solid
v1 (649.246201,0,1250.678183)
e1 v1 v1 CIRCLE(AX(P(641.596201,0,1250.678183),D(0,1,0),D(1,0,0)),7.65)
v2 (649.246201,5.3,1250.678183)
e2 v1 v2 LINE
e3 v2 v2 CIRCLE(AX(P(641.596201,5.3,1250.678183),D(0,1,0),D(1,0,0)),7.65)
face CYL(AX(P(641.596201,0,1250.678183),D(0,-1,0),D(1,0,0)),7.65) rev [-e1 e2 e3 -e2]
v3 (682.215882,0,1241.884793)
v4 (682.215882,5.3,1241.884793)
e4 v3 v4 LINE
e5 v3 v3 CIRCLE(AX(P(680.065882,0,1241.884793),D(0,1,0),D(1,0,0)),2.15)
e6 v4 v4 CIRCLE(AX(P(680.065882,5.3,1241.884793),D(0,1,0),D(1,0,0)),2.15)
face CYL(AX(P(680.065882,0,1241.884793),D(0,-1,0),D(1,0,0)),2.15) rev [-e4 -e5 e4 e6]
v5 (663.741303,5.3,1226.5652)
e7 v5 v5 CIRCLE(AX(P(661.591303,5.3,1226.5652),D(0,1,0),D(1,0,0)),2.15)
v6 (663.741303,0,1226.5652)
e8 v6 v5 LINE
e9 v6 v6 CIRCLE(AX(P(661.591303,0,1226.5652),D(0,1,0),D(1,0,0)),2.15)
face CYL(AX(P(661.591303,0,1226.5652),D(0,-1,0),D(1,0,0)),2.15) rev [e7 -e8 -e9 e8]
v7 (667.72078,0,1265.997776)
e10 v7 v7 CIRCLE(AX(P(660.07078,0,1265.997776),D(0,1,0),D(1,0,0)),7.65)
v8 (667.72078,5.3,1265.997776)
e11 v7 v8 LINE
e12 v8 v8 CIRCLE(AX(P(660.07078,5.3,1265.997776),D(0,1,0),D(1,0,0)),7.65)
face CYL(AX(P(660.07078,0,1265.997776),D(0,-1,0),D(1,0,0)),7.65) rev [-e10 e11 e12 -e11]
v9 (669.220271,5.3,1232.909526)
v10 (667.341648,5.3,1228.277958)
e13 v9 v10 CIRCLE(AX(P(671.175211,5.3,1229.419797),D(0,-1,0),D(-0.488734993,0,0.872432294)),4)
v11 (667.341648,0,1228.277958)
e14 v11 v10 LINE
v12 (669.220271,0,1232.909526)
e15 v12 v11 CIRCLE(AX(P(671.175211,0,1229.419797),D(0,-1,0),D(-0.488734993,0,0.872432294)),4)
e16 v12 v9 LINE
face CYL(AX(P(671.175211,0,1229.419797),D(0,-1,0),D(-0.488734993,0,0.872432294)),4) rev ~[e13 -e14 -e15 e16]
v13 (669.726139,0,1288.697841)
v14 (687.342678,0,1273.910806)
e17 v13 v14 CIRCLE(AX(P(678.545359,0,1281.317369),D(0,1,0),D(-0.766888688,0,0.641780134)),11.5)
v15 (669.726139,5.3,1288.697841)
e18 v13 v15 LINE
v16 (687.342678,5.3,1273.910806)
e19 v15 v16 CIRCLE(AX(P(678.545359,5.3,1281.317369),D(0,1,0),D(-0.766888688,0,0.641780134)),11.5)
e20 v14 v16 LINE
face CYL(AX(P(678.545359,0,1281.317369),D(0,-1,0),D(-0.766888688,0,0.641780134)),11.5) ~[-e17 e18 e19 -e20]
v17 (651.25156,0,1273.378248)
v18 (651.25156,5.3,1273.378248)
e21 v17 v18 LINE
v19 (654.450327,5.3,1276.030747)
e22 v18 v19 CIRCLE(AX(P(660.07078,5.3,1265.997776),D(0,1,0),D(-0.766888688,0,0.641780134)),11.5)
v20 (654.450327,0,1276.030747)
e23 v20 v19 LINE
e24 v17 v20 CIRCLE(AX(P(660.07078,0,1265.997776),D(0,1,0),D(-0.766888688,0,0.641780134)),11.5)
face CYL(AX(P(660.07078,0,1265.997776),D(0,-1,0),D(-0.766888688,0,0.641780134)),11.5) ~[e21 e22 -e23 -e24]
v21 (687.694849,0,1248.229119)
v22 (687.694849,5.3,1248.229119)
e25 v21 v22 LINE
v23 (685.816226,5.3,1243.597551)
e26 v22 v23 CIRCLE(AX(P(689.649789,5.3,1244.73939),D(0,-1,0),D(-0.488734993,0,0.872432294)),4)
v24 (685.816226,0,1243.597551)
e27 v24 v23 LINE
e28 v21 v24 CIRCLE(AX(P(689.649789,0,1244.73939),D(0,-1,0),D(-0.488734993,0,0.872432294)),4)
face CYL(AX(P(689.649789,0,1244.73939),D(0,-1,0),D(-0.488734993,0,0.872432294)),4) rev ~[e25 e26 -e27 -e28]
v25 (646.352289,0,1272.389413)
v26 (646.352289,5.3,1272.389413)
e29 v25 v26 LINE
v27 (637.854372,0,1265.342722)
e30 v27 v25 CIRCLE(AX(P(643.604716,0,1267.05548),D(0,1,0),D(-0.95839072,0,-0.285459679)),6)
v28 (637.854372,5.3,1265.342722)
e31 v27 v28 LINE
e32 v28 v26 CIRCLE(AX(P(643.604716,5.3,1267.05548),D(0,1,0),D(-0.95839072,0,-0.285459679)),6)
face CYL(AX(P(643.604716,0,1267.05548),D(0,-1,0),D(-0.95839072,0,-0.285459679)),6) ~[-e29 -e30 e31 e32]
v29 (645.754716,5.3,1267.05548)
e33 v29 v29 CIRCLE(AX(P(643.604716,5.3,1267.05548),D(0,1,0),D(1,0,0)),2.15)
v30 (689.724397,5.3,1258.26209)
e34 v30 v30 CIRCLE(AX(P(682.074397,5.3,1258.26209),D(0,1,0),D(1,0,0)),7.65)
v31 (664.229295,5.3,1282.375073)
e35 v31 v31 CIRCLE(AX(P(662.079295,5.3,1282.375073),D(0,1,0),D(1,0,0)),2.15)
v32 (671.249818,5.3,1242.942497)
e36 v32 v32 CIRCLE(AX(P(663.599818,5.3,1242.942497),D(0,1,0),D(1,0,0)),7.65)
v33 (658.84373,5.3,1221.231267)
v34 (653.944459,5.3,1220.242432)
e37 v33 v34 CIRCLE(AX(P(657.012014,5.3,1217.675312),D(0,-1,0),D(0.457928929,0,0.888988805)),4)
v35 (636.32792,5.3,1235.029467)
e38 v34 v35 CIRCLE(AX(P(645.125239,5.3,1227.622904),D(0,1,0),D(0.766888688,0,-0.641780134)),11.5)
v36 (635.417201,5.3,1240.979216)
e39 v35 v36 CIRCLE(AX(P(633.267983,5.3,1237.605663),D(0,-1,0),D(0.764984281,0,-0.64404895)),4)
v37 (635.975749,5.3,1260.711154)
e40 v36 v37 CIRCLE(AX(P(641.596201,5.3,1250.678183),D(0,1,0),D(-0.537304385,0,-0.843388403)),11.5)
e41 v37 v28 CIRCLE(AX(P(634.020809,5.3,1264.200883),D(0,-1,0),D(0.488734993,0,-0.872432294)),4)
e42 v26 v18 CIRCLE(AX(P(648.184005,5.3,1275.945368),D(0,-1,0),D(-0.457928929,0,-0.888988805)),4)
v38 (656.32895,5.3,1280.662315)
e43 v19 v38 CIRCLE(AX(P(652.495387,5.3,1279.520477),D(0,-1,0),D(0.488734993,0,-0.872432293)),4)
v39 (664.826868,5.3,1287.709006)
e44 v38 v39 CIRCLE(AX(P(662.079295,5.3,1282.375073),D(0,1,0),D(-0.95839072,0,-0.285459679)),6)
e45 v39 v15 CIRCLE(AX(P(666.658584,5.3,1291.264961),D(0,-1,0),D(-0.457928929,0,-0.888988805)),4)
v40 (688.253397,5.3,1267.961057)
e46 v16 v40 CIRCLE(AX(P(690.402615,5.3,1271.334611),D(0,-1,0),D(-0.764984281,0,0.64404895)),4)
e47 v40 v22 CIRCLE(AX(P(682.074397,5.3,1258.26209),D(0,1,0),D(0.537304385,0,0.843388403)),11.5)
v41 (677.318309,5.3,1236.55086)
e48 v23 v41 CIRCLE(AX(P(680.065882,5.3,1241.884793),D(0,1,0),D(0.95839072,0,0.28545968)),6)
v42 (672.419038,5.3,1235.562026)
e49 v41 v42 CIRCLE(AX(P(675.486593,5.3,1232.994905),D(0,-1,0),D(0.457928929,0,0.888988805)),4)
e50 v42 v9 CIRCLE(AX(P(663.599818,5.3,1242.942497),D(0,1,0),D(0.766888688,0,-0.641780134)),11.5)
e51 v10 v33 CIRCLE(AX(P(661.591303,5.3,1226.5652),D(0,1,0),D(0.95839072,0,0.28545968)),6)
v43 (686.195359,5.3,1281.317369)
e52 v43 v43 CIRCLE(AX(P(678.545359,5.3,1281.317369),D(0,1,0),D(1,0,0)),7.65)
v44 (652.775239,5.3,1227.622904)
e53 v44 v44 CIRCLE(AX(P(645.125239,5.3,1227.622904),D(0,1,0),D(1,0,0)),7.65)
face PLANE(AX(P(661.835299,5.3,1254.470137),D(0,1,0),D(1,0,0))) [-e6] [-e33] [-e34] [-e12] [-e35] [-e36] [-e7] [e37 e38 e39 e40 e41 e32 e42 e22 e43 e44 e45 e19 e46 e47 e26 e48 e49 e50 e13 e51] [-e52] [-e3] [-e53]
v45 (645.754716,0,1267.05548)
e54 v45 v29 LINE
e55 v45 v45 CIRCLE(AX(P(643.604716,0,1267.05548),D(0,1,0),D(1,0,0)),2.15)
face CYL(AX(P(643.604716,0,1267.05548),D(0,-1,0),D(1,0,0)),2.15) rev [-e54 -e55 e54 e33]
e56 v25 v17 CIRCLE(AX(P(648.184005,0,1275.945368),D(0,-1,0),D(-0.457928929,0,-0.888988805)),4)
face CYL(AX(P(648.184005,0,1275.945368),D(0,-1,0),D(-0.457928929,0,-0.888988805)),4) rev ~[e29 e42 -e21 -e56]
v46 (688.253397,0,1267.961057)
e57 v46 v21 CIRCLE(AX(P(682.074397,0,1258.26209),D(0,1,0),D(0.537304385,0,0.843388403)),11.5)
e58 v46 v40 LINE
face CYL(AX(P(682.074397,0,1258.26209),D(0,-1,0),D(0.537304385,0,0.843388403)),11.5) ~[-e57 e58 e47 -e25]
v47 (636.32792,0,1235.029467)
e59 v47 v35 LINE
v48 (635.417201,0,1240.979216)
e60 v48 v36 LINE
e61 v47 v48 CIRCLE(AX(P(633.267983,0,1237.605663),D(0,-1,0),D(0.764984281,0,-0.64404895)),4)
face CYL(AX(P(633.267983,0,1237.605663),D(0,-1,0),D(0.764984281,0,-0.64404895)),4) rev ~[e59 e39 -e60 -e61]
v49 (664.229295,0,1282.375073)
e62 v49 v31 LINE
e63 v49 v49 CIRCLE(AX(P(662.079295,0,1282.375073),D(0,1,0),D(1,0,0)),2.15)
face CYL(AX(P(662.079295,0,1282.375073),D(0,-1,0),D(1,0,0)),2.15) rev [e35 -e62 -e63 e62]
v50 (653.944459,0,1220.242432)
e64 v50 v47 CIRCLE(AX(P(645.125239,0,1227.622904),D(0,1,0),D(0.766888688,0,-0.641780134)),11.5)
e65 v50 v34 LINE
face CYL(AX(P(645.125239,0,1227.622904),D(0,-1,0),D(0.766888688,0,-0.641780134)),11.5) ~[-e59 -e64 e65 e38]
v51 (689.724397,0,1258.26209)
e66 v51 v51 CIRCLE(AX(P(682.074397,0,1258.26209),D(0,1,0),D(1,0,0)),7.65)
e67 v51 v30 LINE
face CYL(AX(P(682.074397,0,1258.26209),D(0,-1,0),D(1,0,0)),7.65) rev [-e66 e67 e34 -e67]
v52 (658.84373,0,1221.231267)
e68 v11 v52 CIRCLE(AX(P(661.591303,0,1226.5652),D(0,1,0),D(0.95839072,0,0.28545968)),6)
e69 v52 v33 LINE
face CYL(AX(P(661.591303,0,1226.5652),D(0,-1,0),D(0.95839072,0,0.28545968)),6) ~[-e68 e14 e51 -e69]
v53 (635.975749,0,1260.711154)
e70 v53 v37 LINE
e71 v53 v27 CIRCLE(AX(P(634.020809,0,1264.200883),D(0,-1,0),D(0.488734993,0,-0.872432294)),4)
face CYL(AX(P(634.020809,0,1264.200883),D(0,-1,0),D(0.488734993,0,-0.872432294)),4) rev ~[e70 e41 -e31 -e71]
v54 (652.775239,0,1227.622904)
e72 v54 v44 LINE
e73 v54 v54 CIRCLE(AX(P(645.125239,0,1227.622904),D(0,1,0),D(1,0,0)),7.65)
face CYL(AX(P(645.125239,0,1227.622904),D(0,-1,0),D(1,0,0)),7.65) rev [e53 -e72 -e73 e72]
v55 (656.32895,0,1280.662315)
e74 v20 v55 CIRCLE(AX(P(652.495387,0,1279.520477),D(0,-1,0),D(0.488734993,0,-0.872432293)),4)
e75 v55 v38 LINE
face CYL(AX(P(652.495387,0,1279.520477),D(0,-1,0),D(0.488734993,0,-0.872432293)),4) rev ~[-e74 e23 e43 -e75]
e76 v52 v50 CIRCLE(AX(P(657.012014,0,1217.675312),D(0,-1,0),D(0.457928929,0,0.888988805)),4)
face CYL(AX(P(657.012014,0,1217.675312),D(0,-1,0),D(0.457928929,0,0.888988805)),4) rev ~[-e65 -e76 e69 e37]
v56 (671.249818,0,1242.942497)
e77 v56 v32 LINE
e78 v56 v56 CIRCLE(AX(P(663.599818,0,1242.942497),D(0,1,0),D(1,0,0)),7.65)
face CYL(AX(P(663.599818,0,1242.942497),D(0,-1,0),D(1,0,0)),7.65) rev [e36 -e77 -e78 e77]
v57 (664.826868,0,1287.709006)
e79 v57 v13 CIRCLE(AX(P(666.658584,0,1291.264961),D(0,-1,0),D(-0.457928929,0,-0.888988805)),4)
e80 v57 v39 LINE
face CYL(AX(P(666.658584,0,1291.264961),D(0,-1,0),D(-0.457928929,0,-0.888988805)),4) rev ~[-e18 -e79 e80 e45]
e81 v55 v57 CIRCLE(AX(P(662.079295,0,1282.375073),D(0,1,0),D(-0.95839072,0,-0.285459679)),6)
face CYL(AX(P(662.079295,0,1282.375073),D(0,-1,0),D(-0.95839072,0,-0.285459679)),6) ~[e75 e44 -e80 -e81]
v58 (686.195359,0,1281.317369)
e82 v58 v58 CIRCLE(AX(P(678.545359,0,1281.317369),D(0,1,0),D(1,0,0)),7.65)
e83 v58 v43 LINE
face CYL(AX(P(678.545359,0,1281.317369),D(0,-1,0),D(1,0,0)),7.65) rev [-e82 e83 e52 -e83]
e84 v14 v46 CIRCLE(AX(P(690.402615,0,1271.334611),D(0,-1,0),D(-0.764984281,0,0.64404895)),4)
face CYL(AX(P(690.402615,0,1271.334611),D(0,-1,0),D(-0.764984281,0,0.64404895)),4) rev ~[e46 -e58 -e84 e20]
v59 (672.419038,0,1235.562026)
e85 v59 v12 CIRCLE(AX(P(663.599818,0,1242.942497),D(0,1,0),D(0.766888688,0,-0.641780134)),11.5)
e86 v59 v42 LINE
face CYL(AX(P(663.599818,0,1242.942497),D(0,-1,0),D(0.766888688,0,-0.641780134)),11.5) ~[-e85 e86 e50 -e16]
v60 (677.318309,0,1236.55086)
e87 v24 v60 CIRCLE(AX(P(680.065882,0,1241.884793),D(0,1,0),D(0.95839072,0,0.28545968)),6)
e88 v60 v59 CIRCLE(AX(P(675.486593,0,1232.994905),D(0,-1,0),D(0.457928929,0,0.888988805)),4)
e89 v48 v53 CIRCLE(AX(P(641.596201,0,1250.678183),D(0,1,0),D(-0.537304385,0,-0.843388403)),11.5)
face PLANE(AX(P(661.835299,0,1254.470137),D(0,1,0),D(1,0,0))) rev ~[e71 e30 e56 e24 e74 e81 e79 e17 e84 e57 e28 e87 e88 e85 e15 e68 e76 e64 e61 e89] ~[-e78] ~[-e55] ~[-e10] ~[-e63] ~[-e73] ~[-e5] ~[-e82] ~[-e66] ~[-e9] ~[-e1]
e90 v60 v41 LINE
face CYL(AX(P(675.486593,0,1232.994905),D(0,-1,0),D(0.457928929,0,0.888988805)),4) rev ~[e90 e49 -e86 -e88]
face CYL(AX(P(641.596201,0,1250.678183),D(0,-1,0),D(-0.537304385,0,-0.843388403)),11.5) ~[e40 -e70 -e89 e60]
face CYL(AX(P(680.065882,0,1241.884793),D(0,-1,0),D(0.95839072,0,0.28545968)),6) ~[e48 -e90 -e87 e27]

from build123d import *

# Parameters (mm, degrees)
SKETCH3_R           = 7.65
SKETCH3_R_2         = 2.15
BOSS_EXTRUDE1_DEPTH = 5.3


with BuildPart() as part:
    # Sketch3 → Boss-Extrude1 (new body)
    with BuildSketch(Plane(origin=(0, 0, 0), x_dir=(1, 0, 0), z_dir=(0, 1, 0))):
        with BuildLine():
            ThreePointArc((653.944459341, -1220.242432272), (637.731714088, -1218.814624577), (636.327920195, -1235.029466732))
            ThreePointArc((636.327920195, -1235.029466732), (637.221930793, -1238.210887622), (635.417200611, -1240.979216142))
            ThreePointArc((635.417200611, -1240.979216142), (630.100805603, -1251.003580625), (635.975748621, -1260.711154148))
            ThreePointArc((635.975748621, -1260.711154148), (637.727498088, -1262.697402891), (637.854371527, -1265.34272204))
            ThreePointArc((637.854371527, -1265.34272204), (639.774817514, -1271.674124807), (646.352289419, -1272.389412948))
            ThreePointArc((646.352289419, -1272.389412948), (648.975379282, -1272.024433719), (651.251559888, -1273.378247634))
            ThreePointArc((651.251559888, -1273.378247634), (652.730141334, -1274.850178419), (654.450327382, -1276.030747471))
            ThreePointArc((654.450327382, -1276.030747471), (656.202076849, -1278.016996214), (656.328950289, -1280.662315363))
            ThreePointArc((656.328950289, -1280.662315363), (658.249396276, -1286.99371813), (664.826868181, -1287.709006271))
            ThreePointArc((664.826868181, -1287.709006271), (667.449958044, -1287.344027042), (669.726138649, -1288.697840957))
            ThreePointArc((669.726138649, -1288.697840957), (685.938883902, -1290.125648653), (687.342677795, -1273.910806497))
            ThreePointArc((687.342677795, -1273.910806497), (686.448667197, -1270.729385607), (688.253397379, -1267.961057087))
            ThreePointArc((688.253397379, -1267.961057087), (693.569792387, -1257.936692604), (687.694849369, -1248.229119081))
            ThreePointArc((687.694849369, -1248.229119081), (685.943099902, -1246.242870338), (685.816226463, -1243.59755119))
            ThreePointArc((685.816226463, -1243.59755119), (683.895780476, -1237.266148422), (677.318308571, -1236.550860281))
            ThreePointArc((677.318308571, -1236.550860281), (674.695218708, -1236.91583951), (672.419038102, -1235.562025595))
            ThreePointArc((672.419038102, -1235.562025595), (670.940456656, -1234.09009481), (669.220270608, -1232.909525758))
            ThreePointArc((669.220270608, -1232.909525758), (667.468521141, -1230.923277015), (667.341647701, -1228.277957867))
            ThreePointArc((667.341647701, -1228.277957867), (665.421201714, -1221.946555099), (658.843729809, -1221.231266958))
            ThreePointArc((658.843729809, -1221.231266958), (656.220639946, -1221.596246187), (653.944459341, -1220.242432272))
        make_face()
        with Locations((645.125239428, -1227.62290381)):
            Circle(SKETCH3_R, mode=Mode.SUBTRACT)
        with Locations((663.599818189, -1242.942497133)):
            Circle(SKETCH3_R, mode=Mode.SUBTRACT)
        with Locations((682.074396951, -1258.262090456)):
            Circle(SKETCH3_R, mode=Mode.SUBTRACT)
        with Locations((678.545358562, -1281.317369419)):
            Circle(SKETCH3_R, mode=Mode.SUBTRACT)
        with Locations((660.070779801, -1265.997776096)):
            Circle(SKETCH3_R, mode=Mode.SUBTRACT)
        with Locations((641.596201039, -1250.678182773)):
            Circle(SKETCH3_R, mode=Mode.SUBTRACT)
        with Locations((643.604715845, -1267.055480116)):
            Circle(SKETCH3_R_2, mode=Mode.SUBTRACT)
        with Locations((662.079294606, -1282.375073439)):
            Circle(SKETCH3_R_2, mode=Mode.SUBTRACT)
        with Locations((680.065882145, -1241.884793113)):
            Circle(SKETCH3_R_2, mode=Mode.SUBTRACT)
        with Locations((661.591303384, -1226.56519979)):
            Circle(SKETCH3_R_2, mode=Mode.SUBTRACT)
    extrude(amount=BOSS_EXTRUDE1_DEPTH)


solid = part.part
